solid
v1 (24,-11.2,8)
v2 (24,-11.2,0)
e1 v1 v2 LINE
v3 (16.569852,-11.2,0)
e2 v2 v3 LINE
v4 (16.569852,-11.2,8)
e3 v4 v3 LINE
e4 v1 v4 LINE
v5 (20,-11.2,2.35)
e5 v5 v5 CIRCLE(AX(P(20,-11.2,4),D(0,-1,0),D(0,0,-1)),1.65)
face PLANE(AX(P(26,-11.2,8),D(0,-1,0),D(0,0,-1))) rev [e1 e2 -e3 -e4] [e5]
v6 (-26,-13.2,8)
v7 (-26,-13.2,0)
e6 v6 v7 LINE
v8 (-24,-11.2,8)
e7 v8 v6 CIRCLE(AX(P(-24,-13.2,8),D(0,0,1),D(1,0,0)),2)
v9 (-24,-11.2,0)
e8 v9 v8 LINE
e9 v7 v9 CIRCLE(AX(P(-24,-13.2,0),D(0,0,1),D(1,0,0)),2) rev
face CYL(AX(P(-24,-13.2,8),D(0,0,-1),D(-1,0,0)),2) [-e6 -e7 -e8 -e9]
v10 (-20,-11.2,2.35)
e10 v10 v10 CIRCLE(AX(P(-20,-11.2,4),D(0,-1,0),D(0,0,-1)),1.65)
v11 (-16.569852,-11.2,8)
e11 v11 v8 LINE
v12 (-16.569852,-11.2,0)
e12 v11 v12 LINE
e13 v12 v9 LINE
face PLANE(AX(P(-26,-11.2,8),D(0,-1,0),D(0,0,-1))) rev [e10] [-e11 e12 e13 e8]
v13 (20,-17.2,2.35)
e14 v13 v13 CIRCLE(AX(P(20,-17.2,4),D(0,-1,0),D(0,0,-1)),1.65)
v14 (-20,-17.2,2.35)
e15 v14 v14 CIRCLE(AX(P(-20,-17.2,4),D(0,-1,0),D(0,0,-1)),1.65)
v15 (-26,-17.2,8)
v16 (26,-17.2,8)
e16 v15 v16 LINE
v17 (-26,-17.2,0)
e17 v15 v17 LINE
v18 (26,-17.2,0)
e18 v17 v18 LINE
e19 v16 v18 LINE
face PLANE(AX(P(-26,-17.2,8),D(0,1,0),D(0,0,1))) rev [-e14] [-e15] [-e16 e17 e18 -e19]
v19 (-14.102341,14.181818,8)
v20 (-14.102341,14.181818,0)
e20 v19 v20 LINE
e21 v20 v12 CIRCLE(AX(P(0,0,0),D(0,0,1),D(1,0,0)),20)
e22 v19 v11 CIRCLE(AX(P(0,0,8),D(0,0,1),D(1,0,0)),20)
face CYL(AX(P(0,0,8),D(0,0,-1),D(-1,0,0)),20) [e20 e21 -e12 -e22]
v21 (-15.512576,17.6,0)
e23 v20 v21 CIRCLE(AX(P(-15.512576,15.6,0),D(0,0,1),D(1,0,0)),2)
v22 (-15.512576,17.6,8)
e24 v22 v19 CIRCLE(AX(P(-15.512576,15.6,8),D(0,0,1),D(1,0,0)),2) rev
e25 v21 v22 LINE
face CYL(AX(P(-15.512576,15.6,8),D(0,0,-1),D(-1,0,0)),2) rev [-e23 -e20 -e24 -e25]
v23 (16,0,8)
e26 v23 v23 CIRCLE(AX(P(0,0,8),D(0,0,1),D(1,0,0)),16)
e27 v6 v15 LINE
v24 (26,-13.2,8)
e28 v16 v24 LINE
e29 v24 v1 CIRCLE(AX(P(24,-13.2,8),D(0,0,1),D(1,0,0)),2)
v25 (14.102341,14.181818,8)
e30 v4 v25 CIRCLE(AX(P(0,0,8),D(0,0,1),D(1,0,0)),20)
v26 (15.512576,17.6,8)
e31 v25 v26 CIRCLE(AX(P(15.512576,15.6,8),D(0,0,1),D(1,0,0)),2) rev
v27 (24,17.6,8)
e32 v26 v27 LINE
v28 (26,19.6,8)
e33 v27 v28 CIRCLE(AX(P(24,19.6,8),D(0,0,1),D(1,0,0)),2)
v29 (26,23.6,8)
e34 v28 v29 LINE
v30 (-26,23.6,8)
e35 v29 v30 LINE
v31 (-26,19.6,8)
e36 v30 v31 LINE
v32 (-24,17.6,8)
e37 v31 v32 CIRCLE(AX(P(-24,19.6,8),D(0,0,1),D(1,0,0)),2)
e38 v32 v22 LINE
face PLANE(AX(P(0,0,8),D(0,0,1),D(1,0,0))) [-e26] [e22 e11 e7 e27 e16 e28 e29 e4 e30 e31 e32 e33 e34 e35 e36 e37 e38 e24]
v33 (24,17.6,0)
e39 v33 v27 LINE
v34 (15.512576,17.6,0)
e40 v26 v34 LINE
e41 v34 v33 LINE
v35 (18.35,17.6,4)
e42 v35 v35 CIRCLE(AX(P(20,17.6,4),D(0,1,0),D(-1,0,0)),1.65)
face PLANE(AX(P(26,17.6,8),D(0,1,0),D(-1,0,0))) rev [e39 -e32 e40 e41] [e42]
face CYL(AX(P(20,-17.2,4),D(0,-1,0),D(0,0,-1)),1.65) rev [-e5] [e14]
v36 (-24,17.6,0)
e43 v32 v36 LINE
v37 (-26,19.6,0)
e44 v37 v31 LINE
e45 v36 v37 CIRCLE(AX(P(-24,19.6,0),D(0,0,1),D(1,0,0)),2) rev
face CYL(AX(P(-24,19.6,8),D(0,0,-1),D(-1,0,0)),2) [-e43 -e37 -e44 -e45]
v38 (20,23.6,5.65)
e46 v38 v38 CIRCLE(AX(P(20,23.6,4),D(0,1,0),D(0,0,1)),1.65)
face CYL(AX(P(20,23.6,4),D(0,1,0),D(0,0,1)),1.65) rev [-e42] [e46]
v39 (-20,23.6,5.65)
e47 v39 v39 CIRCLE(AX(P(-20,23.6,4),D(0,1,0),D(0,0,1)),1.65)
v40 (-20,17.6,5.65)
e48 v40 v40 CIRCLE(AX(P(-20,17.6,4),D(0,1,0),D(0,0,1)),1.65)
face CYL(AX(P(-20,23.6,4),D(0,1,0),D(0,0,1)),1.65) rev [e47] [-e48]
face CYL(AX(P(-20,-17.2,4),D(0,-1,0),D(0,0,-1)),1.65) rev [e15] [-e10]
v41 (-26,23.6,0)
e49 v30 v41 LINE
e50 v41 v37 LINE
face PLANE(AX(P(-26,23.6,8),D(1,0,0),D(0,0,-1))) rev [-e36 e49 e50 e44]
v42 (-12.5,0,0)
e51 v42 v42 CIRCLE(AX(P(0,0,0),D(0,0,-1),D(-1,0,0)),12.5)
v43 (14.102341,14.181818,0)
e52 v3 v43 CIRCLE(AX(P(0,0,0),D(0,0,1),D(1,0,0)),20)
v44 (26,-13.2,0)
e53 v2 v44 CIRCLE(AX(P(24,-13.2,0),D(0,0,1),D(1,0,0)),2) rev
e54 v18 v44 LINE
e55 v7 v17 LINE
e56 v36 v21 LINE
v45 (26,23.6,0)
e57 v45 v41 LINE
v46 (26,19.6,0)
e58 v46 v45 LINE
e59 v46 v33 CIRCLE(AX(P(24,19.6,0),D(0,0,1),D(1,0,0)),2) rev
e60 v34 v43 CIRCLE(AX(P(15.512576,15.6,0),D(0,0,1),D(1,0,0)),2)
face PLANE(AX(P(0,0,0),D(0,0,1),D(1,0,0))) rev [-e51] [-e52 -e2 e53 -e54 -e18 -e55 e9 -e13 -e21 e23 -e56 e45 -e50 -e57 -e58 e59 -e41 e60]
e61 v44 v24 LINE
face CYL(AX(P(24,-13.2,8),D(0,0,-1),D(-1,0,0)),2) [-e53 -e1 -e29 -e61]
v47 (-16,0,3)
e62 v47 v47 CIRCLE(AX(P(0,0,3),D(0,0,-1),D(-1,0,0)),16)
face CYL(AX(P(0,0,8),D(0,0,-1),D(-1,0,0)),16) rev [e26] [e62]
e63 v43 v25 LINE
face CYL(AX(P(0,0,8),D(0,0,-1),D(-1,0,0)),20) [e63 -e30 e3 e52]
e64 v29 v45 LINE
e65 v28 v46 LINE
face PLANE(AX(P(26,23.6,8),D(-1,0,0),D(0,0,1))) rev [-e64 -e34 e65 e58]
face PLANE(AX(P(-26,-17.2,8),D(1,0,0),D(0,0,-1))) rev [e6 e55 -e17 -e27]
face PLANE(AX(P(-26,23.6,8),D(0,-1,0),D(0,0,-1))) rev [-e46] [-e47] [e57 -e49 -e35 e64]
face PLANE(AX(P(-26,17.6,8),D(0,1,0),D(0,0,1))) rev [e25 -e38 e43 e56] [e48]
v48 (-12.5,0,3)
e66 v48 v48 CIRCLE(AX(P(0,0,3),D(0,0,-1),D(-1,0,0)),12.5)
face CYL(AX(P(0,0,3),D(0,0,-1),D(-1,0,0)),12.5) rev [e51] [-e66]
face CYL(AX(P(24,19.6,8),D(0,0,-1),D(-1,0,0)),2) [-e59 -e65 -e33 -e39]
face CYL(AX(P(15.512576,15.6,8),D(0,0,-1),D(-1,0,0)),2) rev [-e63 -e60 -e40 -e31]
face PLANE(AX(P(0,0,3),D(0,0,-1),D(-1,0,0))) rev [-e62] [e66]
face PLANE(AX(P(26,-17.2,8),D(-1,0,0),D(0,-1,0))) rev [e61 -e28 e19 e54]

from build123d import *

# Parameters (mm, degrees)
SKETCH_1_R             = 16
EXTRUDE_1_DEPTH        = 8
FILLET_1_R             = 2
SKETCH_4_R             = 16
SKETCH_4_R_2           = 12.5
EXTRUDE_2_DEPTH        = 3
HOLE_WIZARD_M4_3_D     = 3.3
HOLE_WIZARD_M4_3_DEPTH = 6
HOLE_WIZARD_M4_4_D     = 3.3
HOLE_WIZARD_M4_4_DEPTH = 6


with BuildPart() as part:
    # 草图1 → 凸台-拉伸1 (new body)
    with BuildSketch(Plane.XY):
        with BuildLine():
            Line((-26, 23.6), (26, 23.6))
            Line((26, 23.6), (26, 17.6))
            Line((26, 17.6), (9.49947367, 17.6))
            ThreePointArc((9.49947367, 17.6), (19.423244762, 4.76839207), (16.569852142, -11.2))
            Line((16.569852142, -11.2), (26, -11.2))
            Line((26, -11.2), (26, -17.2))
            Line((26, -17.2), (-26, -17.2))
            Line((-26, -17.2), (-26, -11.2))
            Line((-26, -11.2), (-16.569852142, -11.2))
            ThreePointArc((-16.569852142, -11.2), (-19.423244762, 4.76839207), (-9.49947367, 17.6))
            Line((-9.49947367, 17.6), (-26, 17.6))
            Line((-26, 17.6), (-26, 23.6))
        make_face()
        Circle(SKETCH_1_R, mode=Mode.SUBTRACT)
    extrude(amount=EXTRUDE_1_DEPTH)

    # 圆角1
    fillet_1_edges = [part.edges().sort_by_distance(p)[0] for p in [
        (-26, -11.2, 4),
        (-9.49947367, 17.6, 4),
        (-26, 17.6, 4),
        (26, 17.6, 4),
        (9.49947367, 17.6, 4),
        (26, -11.2, 4),
    ]]
    fillet(fillet_1_edges, radius=FILLET_1_R)

    # 草图4 → 凸台-拉伸2 (add)
    with BuildSketch(Plane(origin=(0, 0, 0), x_dir=(-1, 0, 0), z_dir=(0, 0, -1))):
        Circle(SKETCH_4_R)
        Circle(SKETCH_4_R_2, mode=Mode.SUBTRACT)
    extrude(amount=-EXTRUDE_2_DEPTH)

    # M4 螺纹孔3
    with Locations(Plane(origin=(0, 23.6, 0), x_dir=(1, 0, 0), z_dir=(0, 1, 0))):
        with Locations((20, -4), (-20, -4)):
            Hole(HOLE_WIZARD_M4_3_D / 2, depth=HOLE_WIZARD_M4_3_DEPTH)

    # M4 螺纹孔4
    with Locations(Plane.XZ.offset(17.2)):
        with Locations((20, 4), (-20, 4)):
            Hole(HOLE_WIZARD_M4_4_D / 2, depth=HOLE_WIZARD_M4_4_DEPTH)


solid = part.part
